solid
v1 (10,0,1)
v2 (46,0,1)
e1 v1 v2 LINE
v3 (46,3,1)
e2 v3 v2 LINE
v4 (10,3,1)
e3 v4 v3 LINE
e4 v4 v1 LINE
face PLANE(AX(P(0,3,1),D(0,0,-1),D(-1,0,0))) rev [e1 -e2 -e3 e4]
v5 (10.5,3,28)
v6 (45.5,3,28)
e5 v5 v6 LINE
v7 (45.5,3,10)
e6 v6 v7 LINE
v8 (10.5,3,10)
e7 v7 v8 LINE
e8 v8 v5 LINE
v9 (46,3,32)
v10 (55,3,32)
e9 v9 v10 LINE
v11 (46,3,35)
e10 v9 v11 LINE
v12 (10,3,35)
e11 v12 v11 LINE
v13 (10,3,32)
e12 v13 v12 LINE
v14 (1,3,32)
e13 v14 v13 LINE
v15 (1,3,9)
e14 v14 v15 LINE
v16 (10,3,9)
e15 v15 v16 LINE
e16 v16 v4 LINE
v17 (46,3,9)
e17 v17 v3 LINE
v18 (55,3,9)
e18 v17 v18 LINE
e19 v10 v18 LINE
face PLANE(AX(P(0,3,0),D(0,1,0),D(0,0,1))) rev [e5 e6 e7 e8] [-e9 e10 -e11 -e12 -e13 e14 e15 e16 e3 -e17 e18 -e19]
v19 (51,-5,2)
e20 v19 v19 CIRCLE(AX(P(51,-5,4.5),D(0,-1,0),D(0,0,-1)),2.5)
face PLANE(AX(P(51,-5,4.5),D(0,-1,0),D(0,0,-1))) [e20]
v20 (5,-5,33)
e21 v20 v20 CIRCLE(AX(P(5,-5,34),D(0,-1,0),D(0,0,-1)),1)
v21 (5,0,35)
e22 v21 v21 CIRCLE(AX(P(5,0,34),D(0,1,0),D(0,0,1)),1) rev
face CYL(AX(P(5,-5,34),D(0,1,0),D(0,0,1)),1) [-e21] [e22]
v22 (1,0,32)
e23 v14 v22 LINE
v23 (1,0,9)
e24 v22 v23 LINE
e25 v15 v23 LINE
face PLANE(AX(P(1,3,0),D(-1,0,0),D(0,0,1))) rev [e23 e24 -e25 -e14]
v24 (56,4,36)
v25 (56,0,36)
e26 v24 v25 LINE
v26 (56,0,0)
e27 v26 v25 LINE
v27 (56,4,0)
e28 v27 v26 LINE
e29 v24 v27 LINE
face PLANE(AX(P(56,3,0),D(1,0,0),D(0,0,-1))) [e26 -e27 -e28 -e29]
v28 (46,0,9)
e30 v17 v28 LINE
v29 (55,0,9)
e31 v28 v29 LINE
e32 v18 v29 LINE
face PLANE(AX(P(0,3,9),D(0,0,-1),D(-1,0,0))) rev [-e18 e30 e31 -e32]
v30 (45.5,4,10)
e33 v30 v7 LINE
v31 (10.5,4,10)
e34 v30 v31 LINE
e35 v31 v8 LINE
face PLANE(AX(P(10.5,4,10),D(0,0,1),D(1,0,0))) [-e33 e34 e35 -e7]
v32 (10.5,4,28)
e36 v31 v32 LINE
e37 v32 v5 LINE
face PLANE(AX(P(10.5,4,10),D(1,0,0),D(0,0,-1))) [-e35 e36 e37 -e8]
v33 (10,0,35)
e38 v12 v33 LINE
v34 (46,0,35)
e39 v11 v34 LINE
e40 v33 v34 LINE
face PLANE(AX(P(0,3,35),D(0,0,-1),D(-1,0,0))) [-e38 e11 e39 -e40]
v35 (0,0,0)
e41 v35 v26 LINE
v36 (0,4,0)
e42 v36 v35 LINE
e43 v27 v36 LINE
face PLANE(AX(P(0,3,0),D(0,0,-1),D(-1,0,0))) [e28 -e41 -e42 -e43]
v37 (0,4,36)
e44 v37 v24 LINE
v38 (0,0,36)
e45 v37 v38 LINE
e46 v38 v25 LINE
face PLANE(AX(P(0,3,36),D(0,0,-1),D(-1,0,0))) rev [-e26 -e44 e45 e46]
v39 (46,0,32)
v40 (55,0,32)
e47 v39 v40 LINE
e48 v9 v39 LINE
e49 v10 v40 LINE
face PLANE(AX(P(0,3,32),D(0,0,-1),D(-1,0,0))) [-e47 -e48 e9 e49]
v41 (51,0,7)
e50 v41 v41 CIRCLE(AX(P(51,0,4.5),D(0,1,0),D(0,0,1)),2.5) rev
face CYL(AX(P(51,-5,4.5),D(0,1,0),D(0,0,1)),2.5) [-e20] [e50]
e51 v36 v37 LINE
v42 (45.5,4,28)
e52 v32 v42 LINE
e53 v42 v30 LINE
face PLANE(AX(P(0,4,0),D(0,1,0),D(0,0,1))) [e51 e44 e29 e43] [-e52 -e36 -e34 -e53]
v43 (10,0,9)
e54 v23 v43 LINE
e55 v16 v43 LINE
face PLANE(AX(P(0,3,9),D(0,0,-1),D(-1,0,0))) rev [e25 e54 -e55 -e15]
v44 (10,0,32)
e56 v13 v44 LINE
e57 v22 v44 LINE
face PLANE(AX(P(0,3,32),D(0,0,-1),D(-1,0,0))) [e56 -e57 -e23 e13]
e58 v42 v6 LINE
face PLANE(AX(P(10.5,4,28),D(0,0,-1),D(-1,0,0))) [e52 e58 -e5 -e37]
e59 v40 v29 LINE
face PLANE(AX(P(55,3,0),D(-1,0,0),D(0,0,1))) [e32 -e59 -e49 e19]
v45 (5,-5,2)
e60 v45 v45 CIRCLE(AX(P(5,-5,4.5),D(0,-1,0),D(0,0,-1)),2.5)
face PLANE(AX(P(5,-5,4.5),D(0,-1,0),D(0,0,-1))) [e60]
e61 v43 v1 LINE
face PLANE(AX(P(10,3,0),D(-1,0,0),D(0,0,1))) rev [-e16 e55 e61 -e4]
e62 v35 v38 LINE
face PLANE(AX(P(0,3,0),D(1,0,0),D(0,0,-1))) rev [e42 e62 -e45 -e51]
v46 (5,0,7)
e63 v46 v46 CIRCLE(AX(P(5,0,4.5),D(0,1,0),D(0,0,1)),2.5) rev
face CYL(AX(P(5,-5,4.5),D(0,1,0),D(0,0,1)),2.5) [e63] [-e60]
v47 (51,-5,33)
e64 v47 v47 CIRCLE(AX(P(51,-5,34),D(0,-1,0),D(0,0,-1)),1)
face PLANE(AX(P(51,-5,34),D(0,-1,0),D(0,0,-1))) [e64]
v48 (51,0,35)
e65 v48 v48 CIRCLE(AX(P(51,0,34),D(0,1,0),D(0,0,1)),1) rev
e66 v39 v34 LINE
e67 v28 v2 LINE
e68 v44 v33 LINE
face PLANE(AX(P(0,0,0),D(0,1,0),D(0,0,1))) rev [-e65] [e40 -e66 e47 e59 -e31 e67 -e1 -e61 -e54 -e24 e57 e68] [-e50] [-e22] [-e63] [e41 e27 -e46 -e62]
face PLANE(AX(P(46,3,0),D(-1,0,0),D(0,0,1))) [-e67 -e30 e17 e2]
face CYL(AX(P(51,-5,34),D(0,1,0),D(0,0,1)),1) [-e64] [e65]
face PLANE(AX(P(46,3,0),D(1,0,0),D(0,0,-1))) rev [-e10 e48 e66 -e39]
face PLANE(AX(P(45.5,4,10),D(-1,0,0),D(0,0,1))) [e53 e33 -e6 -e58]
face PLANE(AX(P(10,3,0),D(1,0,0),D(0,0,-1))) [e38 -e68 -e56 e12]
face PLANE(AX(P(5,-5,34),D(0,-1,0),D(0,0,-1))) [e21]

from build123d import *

# Parameters (mm, degrees)
SKETCH_1_W      = 56
SKETCH_1_H      = 36
EXTRUDE_3_DEPTH = 3
SKETCH_2_W      = 56
SKETCH_2_H      = 36
SKETCH_2_W_2    = 35
SKETCH_2_H_2    = 18
EXTRUDE_4_DEPTH = 1
SKETCH_3_R      = 1
SKETCH_3_R_2    = 2.5
EXTRUDE_5_DEPTH = 5


with BuildPart() as part:
    # 草图1 → 凸台-拉伸3 (new body)
    with BuildSketch(Plane(origin=(0, 0, 0), x_dir=(1, 0, 0), z_dir=(0, 1, 0))):
        with Locations((28, -18)):
            Rectangle(SKETCH_1_W, SKETCH_1_H)
        Polygon((10, -32), (1, -32), (1, -9), (10, -9), (10, -1), (46, -1), (46, -9), (55, -9), (55, -32), (46, -32), (46, -35), (10, -35), align=None, mode=Mode.SUBTRACT)
    extrude(amount=EXTRUDE_3_DEPTH)

    # 草图2 → 凸台-拉伸4 (add)
    with BuildSketch(Plane(origin=(0, 3, 0), x_dir=(1, 0, 0), z_dir=(0, 1, 0))):
        with Locations((28, -18)):
            Rectangle(SKETCH_2_W, SKETCH_2_H)
        with Locations((28, -19)):
            Rectangle(SKETCH_2_W_2, SKETCH_2_H_2, mode=Mode.SUBTRACT)
    extrude(amount=EXTRUDE_4_DEPTH)

    # 草图3 → 凸台-拉伸5 (add)
    with BuildSketch(Plane(origin=(0, 0, 0), x_dir=(-1, 0, 0), z_dir=(0, -1, 0))):
        with Locations(Location((-51, -34, 0), (0, 0, 270))):
            Circle(SKETCH_3_R)
        with Locations(Location((-5, -34, 0), (0, 0, 270))):
            Circle(SKETCH_3_R)
        with Locations(Location((-51, -4.5, 0), (0, 0, 270))):
            Circle(SKETCH_3_R_2)
        with Locations(Location((-5, -4.5, 0), (0, 0, 270))):
            Circle(SKETCH_3_R_2)
    extrude(amount=EXTRUDE_5_DEPTH)


solid = part.part
